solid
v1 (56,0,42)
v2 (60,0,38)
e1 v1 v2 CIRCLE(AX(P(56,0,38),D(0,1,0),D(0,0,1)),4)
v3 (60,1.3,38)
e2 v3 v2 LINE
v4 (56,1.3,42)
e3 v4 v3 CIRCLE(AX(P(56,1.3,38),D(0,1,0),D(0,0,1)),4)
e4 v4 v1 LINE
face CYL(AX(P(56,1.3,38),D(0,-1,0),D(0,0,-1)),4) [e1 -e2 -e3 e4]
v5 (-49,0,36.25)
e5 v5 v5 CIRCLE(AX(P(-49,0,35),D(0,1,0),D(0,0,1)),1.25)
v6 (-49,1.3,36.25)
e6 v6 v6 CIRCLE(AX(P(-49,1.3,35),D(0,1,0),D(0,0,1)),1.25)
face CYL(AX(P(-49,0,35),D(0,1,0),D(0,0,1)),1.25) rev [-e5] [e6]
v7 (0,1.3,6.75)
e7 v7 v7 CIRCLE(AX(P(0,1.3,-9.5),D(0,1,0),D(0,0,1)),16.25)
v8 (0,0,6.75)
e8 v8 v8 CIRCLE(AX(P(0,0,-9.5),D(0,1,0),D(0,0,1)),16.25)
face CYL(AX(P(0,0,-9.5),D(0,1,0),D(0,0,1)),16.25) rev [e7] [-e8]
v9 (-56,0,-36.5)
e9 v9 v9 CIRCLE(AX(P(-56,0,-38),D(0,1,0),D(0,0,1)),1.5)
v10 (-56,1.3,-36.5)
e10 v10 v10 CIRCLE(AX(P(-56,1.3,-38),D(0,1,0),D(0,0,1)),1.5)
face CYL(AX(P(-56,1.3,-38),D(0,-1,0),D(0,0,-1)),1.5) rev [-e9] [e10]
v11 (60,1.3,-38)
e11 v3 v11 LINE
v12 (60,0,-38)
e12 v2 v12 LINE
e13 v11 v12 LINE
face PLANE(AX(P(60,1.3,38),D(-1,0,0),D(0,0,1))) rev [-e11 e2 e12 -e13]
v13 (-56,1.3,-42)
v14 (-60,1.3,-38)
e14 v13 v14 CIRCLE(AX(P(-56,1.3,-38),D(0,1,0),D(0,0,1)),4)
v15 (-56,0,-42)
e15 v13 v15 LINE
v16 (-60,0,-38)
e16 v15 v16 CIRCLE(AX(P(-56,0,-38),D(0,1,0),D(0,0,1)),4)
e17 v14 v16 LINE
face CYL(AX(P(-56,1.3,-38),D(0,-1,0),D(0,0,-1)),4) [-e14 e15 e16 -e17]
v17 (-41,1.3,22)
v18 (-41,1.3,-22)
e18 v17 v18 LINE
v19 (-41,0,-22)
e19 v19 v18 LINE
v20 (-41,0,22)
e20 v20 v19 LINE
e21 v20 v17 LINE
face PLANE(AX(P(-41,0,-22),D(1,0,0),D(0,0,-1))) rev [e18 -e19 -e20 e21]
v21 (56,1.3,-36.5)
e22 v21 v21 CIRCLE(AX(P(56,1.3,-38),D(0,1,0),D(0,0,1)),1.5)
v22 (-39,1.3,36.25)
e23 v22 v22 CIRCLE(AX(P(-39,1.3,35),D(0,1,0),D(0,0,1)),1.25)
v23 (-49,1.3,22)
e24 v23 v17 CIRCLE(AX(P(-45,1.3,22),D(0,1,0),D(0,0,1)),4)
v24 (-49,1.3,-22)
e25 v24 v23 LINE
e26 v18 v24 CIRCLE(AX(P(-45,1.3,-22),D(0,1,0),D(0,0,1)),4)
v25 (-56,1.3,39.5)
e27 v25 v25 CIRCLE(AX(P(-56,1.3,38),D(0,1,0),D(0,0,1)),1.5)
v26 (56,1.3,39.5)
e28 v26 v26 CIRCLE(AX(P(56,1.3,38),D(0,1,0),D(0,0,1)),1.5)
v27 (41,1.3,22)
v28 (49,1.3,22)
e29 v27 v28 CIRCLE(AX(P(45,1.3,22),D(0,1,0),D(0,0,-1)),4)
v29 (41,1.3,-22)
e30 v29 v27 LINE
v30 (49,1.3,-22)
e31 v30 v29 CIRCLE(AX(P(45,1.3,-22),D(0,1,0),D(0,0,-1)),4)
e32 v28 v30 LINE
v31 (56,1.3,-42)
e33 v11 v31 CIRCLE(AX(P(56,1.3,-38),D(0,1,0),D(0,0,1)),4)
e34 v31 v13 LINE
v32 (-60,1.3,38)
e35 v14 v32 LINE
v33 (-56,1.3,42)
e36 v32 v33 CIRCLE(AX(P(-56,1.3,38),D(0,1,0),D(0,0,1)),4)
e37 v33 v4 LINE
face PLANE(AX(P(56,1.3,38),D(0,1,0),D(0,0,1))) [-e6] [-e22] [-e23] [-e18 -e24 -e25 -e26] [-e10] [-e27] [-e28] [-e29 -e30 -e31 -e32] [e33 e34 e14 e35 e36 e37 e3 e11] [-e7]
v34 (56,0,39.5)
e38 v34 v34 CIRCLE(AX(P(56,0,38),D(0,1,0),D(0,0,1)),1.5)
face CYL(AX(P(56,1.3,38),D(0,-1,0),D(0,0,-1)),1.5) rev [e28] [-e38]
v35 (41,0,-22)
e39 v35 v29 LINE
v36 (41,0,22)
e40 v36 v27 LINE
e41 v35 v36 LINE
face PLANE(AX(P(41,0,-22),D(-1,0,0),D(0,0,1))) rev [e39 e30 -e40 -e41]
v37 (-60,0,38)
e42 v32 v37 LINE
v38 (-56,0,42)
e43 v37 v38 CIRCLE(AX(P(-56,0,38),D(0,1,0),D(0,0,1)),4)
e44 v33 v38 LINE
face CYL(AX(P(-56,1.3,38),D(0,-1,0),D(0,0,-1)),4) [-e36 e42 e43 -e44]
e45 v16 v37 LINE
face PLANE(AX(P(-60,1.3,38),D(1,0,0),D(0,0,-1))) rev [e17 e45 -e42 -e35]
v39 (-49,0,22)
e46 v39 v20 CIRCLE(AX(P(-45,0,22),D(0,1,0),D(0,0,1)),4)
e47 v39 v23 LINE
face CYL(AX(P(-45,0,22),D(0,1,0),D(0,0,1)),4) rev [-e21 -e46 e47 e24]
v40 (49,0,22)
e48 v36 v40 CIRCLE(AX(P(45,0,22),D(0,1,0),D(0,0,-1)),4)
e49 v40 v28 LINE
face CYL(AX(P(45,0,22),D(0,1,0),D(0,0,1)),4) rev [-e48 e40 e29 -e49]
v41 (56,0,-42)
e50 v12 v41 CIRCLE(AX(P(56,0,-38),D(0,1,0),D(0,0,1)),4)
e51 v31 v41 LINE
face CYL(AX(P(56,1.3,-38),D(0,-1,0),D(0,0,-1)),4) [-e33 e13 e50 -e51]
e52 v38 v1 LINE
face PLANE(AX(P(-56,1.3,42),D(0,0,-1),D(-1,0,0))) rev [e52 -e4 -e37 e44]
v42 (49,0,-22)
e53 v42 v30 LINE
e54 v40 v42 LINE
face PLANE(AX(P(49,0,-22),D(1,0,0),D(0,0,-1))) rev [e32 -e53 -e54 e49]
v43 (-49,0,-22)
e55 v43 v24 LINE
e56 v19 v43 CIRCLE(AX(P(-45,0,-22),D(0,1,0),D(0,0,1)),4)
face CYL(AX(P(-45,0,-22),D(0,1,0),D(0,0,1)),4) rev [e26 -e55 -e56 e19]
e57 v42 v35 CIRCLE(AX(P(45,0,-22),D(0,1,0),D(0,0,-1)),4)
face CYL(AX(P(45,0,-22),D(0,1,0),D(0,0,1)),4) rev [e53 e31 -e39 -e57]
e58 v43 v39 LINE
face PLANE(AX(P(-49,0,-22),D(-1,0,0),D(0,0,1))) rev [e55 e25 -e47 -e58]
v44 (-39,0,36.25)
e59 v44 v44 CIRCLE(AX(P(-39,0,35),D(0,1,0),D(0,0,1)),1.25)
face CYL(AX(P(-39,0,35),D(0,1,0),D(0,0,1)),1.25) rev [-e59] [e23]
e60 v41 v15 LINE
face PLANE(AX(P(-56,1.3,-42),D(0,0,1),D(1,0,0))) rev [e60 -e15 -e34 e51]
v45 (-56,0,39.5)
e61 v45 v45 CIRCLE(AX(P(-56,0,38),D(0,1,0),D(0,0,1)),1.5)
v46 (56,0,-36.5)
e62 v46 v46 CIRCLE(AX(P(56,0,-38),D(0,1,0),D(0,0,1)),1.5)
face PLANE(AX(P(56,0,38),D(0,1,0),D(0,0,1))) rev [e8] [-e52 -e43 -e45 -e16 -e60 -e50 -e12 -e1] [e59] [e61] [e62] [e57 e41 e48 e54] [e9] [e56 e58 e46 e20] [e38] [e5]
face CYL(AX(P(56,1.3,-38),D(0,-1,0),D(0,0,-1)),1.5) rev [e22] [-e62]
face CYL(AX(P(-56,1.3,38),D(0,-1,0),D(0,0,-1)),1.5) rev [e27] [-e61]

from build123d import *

# Parameters (mm, degrees)
SKETCH1_R           = 1.5
BOSS_EXTRUDE1_DEPTH = 1.3
SKETCH2_R           = 16.25
SKETCH2_R_2         = 1.25
CUT_EXTRUDE1_DEPTH  = 1.3


with BuildPart() as part:
    # Sketch1 → Boss-Extrude1 (new body)
    with BuildSketch(Plane(origin=(0, 0, 0), x_dir=(1, 0, 0), z_dir=(0, 1, 0))):
        with BuildLine():
            Line((-56, -42), (56, -42))
            ThreePointArc((56, -42), (58.828427125, -40.828427125), (60, -38))
            Line((60, -38), (60, 38))
            ThreePointArc((60, 38), (58.828427125, 40.828427125), (56, 42))
            Line((56, 42), (-56, 42))
            ThreePointArc((-56, 42), (-58.828427125, 40.828427125), (-60, 38))
            Line((-60, 38), (-60, -38))
            ThreePointArc((-60, -38), (-58.828427125, -40.828427125), (-56, -42))
        make_face()
        with Locations((-56, 38)):
            Circle(SKETCH1_R, mode=Mode.SUBTRACT)
        with Locations((56, 38)):
            Circle(SKETCH1_R, mode=Mode.SUBTRACT)
        with Locations((56, -38)):
            Circle(SKETCH1_R, mode=Mode.SUBTRACT)
        with Locations((-56, -38)):
            Circle(SKETCH1_R, mode=Mode.SUBTRACT)
    extrude(amount=BOSS_EXTRUDE1_DEPTH)

    # Sketch2 → Cut-Extrude1 (cut)
    with BuildSketch(Plane(origin=(0, 1.3, 0), x_dir=(1, 0, 0), z_dir=(0, 1, 0))):
        with Locations((0, 9.5)):
            Circle(SKETCH2_R)
        with Locations((-49, -35)):
            Circle(SKETCH2_R_2)
        with Locations((-39, -35)):
            Circle(SKETCH2_R_2)
        with BuildLine():
            Line((-49, 22), (-49, -22))
            ThreePointArc((-49, -22), (-45, -26), (-41, -22))
            Line((-41, -22), (-41, 22))
            ThreePointArc((-41, 22), (-45, 26), (-49, 22))
        make_face()
        with BuildLine():
            Line((49, 22), (49, -22))
            ThreePointArc((49, -22), (45, -26), (41, -22))
            Line((41, -22), (41, 22))
            ThreePointArc((41, 22), (45, 26), (49, 22))
        make_face()
    extrude(amount=-CUT_EXTRUDE1_DEPTH, mode=Mode.SUBTRACT)


solid = part.part
